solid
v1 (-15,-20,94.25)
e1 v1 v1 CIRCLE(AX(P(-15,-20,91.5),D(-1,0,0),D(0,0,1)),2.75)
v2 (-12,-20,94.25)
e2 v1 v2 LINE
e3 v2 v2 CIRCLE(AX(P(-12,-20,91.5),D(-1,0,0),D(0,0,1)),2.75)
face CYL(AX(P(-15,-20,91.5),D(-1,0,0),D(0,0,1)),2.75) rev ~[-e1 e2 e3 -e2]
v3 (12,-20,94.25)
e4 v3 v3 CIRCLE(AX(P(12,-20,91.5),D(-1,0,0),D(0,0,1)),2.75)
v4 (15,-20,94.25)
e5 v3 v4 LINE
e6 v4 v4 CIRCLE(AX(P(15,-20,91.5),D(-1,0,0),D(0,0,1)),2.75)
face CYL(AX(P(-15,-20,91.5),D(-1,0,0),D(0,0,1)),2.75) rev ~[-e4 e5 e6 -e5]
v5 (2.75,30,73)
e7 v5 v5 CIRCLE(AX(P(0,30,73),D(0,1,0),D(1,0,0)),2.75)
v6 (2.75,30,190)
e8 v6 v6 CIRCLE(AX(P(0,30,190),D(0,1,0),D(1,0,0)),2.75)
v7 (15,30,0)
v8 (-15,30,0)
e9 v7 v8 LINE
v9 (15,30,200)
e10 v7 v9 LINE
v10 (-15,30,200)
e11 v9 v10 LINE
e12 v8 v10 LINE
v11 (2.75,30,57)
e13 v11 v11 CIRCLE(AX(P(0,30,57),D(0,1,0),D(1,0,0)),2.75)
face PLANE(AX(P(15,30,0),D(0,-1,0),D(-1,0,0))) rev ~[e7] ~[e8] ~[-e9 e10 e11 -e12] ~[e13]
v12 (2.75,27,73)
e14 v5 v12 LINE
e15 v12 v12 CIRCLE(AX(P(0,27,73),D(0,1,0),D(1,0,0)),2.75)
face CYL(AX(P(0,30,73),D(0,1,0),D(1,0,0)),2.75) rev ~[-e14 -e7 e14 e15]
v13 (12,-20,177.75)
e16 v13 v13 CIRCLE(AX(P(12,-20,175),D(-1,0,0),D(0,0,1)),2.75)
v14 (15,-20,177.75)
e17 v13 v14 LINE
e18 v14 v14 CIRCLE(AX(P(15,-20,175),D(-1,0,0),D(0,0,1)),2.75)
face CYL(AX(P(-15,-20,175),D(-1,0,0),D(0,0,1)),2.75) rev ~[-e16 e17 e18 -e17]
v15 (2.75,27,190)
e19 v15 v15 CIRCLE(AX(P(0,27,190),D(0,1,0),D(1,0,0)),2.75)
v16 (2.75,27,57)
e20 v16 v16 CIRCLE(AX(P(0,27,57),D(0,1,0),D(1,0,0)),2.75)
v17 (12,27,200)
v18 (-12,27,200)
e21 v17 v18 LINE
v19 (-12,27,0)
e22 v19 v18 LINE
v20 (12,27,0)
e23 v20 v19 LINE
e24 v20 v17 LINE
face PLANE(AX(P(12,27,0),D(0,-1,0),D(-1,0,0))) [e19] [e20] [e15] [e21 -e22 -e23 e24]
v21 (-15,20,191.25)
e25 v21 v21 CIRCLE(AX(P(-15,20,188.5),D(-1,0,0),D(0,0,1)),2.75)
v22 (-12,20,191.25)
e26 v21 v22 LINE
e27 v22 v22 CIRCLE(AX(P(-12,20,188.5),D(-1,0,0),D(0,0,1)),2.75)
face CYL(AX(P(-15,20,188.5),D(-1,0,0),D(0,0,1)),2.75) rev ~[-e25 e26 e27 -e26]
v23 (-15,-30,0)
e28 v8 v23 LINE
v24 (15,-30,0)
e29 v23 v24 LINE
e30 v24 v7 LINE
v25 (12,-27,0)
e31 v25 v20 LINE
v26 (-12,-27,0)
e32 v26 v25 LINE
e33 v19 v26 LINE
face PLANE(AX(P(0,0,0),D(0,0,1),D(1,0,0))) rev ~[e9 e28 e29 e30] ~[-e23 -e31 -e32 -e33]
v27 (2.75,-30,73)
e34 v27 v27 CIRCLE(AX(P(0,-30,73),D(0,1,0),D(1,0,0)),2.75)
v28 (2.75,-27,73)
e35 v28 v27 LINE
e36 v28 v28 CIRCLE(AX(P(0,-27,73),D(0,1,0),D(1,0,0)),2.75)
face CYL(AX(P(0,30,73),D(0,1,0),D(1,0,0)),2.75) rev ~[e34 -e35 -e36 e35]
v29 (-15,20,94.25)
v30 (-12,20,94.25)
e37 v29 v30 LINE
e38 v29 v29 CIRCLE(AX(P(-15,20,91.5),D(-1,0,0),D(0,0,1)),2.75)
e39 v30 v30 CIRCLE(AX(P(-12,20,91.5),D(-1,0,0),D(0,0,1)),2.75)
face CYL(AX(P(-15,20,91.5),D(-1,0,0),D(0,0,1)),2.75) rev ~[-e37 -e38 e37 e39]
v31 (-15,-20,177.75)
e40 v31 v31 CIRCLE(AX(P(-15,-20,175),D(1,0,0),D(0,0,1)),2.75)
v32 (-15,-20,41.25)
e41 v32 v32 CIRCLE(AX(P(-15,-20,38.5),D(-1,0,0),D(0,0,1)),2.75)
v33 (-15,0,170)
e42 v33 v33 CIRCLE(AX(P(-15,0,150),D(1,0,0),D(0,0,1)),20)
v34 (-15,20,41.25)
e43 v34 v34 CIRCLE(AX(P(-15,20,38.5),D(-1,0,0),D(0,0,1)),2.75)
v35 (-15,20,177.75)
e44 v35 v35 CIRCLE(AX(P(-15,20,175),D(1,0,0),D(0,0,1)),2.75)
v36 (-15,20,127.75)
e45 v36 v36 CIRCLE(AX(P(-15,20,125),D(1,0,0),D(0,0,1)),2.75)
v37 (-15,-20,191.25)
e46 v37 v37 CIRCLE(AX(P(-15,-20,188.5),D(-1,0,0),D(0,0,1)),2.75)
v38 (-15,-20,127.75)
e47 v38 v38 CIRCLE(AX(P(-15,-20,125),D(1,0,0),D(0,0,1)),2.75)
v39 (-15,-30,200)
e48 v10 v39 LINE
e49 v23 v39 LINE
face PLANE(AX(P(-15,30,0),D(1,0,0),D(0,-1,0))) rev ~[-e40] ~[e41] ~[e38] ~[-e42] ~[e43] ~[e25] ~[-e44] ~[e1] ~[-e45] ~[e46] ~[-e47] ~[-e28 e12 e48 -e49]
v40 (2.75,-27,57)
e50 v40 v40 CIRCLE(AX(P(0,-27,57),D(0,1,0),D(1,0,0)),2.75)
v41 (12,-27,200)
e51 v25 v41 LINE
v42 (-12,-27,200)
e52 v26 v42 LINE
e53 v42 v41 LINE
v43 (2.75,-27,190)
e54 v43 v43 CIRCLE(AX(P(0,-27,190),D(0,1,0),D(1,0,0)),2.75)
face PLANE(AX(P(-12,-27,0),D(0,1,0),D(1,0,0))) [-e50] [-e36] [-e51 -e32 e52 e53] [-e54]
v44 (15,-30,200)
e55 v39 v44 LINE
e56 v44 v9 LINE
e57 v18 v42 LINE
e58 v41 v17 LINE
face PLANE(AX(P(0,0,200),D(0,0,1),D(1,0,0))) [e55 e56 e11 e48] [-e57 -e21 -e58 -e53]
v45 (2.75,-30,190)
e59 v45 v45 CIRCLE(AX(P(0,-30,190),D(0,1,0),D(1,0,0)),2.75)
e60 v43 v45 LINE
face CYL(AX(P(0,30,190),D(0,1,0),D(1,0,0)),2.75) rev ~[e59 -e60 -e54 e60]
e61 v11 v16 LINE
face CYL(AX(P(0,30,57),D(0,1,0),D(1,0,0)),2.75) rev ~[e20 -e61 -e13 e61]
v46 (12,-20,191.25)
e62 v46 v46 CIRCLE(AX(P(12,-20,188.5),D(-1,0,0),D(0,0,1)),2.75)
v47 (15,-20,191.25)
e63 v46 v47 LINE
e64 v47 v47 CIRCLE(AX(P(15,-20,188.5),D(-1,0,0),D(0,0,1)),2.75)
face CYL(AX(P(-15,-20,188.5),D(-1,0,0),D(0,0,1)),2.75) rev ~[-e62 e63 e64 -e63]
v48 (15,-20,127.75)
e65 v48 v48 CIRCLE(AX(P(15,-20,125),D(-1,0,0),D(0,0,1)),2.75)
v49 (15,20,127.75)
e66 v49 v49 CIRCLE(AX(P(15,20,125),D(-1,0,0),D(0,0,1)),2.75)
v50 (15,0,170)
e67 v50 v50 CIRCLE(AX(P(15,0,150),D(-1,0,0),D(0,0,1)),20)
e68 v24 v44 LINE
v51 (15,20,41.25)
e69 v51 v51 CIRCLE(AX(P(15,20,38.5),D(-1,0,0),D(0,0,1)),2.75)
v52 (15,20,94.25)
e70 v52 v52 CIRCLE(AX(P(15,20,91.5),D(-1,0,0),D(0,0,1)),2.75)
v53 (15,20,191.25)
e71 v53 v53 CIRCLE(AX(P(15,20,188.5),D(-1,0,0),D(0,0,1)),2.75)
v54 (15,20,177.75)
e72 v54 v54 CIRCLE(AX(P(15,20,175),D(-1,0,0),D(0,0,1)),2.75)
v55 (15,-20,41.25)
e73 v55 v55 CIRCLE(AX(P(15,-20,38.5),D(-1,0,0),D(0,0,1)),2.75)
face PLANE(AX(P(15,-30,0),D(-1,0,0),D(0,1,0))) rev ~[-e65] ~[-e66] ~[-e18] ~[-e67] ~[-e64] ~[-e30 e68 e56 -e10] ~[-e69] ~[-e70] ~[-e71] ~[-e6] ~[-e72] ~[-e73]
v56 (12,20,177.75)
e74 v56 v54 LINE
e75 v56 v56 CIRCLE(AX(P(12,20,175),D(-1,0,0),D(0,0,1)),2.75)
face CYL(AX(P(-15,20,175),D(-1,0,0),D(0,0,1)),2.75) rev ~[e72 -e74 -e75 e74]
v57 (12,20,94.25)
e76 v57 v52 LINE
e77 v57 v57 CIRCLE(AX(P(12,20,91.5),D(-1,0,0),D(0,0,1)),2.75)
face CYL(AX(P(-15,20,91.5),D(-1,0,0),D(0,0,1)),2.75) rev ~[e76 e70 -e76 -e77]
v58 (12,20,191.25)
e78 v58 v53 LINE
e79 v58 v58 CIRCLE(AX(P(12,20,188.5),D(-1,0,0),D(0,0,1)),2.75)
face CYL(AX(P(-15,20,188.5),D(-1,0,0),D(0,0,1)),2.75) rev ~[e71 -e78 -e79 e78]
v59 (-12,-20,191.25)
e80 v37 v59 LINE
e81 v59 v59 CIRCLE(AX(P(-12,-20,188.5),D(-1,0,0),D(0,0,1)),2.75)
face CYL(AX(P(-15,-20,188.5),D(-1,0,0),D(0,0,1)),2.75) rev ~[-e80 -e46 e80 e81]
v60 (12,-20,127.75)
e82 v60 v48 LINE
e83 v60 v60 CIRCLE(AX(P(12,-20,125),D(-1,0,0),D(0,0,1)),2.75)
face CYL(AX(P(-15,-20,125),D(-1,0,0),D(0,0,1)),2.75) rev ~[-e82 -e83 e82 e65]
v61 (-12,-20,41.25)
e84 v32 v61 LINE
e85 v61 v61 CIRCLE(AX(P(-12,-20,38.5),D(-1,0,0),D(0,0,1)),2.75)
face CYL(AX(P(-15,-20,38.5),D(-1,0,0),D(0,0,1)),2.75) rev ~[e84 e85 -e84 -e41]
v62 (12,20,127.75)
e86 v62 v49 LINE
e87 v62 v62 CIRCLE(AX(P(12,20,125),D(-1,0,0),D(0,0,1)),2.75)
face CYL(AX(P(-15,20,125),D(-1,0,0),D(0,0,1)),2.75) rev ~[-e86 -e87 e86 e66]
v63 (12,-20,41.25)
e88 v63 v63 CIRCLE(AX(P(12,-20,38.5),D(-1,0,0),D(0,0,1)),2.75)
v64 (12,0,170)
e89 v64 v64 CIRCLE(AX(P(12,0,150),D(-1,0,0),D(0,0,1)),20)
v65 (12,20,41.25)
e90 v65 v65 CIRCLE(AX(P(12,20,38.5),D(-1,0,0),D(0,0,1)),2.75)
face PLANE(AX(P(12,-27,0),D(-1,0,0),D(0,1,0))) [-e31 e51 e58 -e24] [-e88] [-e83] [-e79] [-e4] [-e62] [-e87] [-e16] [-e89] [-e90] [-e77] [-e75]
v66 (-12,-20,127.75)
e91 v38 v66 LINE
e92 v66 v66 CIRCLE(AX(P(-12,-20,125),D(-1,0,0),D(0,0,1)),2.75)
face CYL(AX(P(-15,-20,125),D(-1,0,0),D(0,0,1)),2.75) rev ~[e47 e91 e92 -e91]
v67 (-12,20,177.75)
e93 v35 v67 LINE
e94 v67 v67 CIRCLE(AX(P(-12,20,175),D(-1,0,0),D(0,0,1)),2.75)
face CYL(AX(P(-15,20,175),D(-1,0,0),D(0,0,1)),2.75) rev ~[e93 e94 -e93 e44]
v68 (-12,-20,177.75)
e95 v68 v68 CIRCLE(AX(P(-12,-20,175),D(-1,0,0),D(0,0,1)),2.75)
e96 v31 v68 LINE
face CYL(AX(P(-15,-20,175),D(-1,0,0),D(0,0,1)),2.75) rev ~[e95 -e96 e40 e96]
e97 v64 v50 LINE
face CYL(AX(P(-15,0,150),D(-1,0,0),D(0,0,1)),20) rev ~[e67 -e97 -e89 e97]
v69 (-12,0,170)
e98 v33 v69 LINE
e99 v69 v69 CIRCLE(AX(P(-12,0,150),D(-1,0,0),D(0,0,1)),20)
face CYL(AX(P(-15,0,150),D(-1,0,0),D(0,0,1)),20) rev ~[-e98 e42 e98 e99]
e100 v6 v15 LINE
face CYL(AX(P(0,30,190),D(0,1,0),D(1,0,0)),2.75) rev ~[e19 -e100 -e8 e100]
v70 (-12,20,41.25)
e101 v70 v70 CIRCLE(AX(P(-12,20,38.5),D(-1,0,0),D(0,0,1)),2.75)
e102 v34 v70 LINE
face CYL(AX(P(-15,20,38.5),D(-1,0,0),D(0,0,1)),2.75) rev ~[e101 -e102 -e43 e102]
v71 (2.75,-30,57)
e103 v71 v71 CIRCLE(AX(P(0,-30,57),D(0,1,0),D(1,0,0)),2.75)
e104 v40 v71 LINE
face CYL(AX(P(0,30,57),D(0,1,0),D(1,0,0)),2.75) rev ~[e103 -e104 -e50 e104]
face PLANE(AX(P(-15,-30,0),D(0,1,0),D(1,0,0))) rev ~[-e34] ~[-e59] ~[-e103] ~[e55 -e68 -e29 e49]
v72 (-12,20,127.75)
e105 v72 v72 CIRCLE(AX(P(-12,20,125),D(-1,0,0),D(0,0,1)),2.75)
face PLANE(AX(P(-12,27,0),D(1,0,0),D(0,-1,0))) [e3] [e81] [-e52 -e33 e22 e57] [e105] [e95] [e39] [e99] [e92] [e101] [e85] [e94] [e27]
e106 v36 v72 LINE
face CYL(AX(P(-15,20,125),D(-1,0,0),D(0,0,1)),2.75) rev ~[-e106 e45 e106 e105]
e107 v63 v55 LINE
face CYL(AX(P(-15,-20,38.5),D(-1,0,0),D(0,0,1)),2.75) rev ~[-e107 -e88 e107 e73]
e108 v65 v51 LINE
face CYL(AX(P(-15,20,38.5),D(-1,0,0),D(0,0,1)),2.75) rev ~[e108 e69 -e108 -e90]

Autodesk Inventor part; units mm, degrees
ref_plane "YZ Plane" through (0, 0, 0) normal (1, 0, 0) x (0, 1, 0)
ref_plane "XZ Plane" through (0, 0, 0) normal (0, 1, 0) x (-1, 0, 0)
ref_plane "XY Plane" through (0, 0, 0) normal (0, 0, 1) x (1, 0, 0)
sketch "Sketch1" plane through (0, 0, 0) normal (0, 0, 1) x (1, 0, 0)
  line L0 (-15, -30) -> (15, -30)
  line L1 (15, -30) -> (15, 30)
  line L2 (15, 30) -> (-15, 30)
  line L3 (-15, 30) -> (-15, -30)
  line L4 (-15, -30) -> (15, 30) construction
  line L5 (15, -30) -> (-15, 30) construction
  line L6 (-12, -27) -> (12, -27)
  line L7 (12, -27) -> (12, 27)
  line L8 (12, 27) -> (-12, 27)
  line L9 (-12, 27) -> (-12, -27)
  line L10 (-12, -27) -> (12, 27) construction
  line L11 (12, -27) -> (-12, 27) construction
  point P0 (0, 0)
  dimension "d0" = 30
  dimension "d1" = 60
  dimension "d2" = 24
  dimension "d3" = 54
extrude "Extrusion1" add sketch "Sketch1" along normal blind 200
sketch "Sketch2" plane through (-15, -30, 0) normal (-1, 0, 0) x (0, 0, 1)
  circle A0 centre (188.5, 50) radius 2.75
  circle A1 centre (188.5, 10) radius 2.75
  line L0 (200, 60) -> (200, 0) projected
  line L1 (0, 0) -> (200, 0) projected
  line L2 (0, 60) -> (200, 60) projected
  point P0 (0, 30)
  dimension "d6" = 5.5
  dimension "d7" = 5.5
  dimension "d8" = 11.5
  dimension "d9" = 10
  dimension "d10" = 11.5
  dimension "d11" = 10
extrude "Extrusion2" cut sketch "Sketch2" against normal blind 30
sketch "Sketch3" plane through (-15, 30, 0) normal (0, 1, 0) x (1, 0, 0)
  circle A0 centre (15, -73) radius 2.75
  circle A1 centre (15, -57) radius 2.75
  line L0 (0, 0) -> (0, -200) projected
  line L1 (30, -200) -> (0, -200) projected
  circle A2 centre (15, -190) radius 2.75
  line L2 (30, 0) -> (30, -200) projected
  point P0 (15, 0)
  dimension "d14" = 5.5
  dimension "d15" = 5.5
  dimension "d16" = 15
  dimension "d17" = 15
  dimension "d18" = 127
  dimension "d19" = 16
  dimension "d40" = 5.5
  dimension "d41" = 10
  dimension "d42" = 15
extrude "Extrusion3" cut sketch "Sketch3" against normal blind 60
sketch "Sketch4" plane through (-15, -30, 0) normal (-1, 0, 0) x (0, 0, 1)
  circle A0 centre (150, 30) radius 20
  line L0 (125, 50) -> (175, 50)
  line L1 (175, 50) -> (175, 10)
  line L2 (175, 10) -> (125, 10)
  line L3 (125, 10) -> (125, 50)
  line L4 (125, 50) -> (175, 10) construction
  line L5 (175, 50) -> (125, 10) construction
  circle A1 centre (175, 50) radius 2.75
  circle A2 centre (175, 10) radius 2.75
  circle A3 centre (125, 10) radius 2.75
  circle A4 centre (125, 50) radius 2.75
  line L6 (200, 60) -> (200, 0) projected
  line L7 (0, 0) -> (200, 0) projected
  circle A5 centre (75, 50) radius 2.75
  circle A6 centre (100, 30) radius 20
  circle A7 centre (125, 50) radius 2.75
  circle A8 centre (125, 10) radius 2.75
  circle A9 centre (75, 10) radius 2.75
  circle A10 centre (25, 50) radius 2.75
  circle A11 centre (50, 30) radius 20
  circle A12 centre (75, 50) radius 2.75
  circle A13 centre (75, 10) radius 2.75
  circle A14 centre (25, 10) radius 2.75
  circle A15 centre (-25, 50) radius 2.75
  circle A16 centre (0, 30) radius 20
  circle A17 centre (25, 50) radius 2.75
  circle A18 centre (25, 10) radius 2.75
  circle A19 centre (-25, 10) radius 2.75
  circle A20 centre (-75, 50) radius 2.75
  circle A21 centre (-50, 30) radius 20
  circle A22 centre (-25, 50) radius 2.75
  circle A23 centre (-25, 10) radius 2.75
  circle A24 centre (-75, 10) radius 2.75
  circle A25 centre (-125, 50) radius 2.75
  circle A26 centre (-100, 30) radius 20
  circle A27 centre (-75, 50) radius 2.75
  circle A28 centre (-75, 10) radius 2.75
  circle A29 centre (-125, 10) radius 2.75
  circle A30 centre (-175, 50) radius 2.75
  circle A31 centre (-150, 30) radius 20
  circle A32 centre (-125, 50) radius 2.75
  circle A33 centre (-125, 10) radius 2.75
  circle A34 centre (-175, 10) radius 2.75
  circle A35 centre (-225, 50) radius 2.75
  circle A36 centre (-200, 30) radius 20
  circle A37 centre (-175, 50) radius 2.75
  circle A38 centre (-175, 10) radius 2.75
  circle A39 centre (-225, 10) radius 2.75
  circle A40 centre (-275, 50) radius 2.75
  circle A41 centre (-250, 30) radius 20
  circle A42 centre (-225, 50) radius 2.75
  circle A43 centre (-225, 10) radius 2.75
  circle A44 centre (-275, 10) radius 2.75
  circle A45 centre (-325, 50) radius 2.75
  circle A46 centre (-300, 30) radius 20
  circle A47 centre (-275, 50) radius 2.75
  circle A48 centre (-275, 10) radius 2.75
  circle A49 centre (-325, 10) radius 2.75
  point P0 (0, 30)
  dimension "d22" = 40
  dimension "d23" = 50
  dimension "d24" = 40
  dimension "d25" = 5.5
  dimension "d26" = 5.5
  dimension "d27" = 5.5
  dimension "d28" = 5.5
  dimension "d29" = 50
  dimension "d30" = 10
  dimension "d33" = 50
extrude "Extrusion4" cut sketch "Sketch4" against normal blind 60 contours A0 | A4 L3 L0 | L0 L3 A4 | A1 L1 L0 | L0 L1 A1 | A2 L1 L2 | L2 L1 A2 | A3 L3 L2 | L2 L3 A3
sketch "Sketch5" plane through (-15, -30, 0) normal (-1, 0, 0) x (0, 0, 1)
  circle A0 centre (38.5, 50) radius 2.75
  circle A1 centre (91.5, 50) radius 2.75
  circle A2 centre (91.5, 10) radius 2.75
  circle A3 centre (38.5, 10) radius 2.75
  line L0 (0, 60) -> (200, 60) projected
  line L1 (0, 60) -> (0, 0) projected
  point P0 (0, 30)
  dimension "d43" = 5.5
  dimension "d44" = 5.5
  dimension "d45" = 5.5
  dimension "d46" = 5.5
  dimension "d47" = 40
  dimension "d48" = 40
  dimension "d49" = 40
  dimension "d50" = 53
  dimension "d51" = 53
  dimension "d52" = 10
  dimension "d53" = 53
  dimension "d54" = 38.5
extrude "Extrusion5" cut sketch "Sketch5" against normal blind 60
properties part number "SupportExtrusion" material "Aluminum 6061"
